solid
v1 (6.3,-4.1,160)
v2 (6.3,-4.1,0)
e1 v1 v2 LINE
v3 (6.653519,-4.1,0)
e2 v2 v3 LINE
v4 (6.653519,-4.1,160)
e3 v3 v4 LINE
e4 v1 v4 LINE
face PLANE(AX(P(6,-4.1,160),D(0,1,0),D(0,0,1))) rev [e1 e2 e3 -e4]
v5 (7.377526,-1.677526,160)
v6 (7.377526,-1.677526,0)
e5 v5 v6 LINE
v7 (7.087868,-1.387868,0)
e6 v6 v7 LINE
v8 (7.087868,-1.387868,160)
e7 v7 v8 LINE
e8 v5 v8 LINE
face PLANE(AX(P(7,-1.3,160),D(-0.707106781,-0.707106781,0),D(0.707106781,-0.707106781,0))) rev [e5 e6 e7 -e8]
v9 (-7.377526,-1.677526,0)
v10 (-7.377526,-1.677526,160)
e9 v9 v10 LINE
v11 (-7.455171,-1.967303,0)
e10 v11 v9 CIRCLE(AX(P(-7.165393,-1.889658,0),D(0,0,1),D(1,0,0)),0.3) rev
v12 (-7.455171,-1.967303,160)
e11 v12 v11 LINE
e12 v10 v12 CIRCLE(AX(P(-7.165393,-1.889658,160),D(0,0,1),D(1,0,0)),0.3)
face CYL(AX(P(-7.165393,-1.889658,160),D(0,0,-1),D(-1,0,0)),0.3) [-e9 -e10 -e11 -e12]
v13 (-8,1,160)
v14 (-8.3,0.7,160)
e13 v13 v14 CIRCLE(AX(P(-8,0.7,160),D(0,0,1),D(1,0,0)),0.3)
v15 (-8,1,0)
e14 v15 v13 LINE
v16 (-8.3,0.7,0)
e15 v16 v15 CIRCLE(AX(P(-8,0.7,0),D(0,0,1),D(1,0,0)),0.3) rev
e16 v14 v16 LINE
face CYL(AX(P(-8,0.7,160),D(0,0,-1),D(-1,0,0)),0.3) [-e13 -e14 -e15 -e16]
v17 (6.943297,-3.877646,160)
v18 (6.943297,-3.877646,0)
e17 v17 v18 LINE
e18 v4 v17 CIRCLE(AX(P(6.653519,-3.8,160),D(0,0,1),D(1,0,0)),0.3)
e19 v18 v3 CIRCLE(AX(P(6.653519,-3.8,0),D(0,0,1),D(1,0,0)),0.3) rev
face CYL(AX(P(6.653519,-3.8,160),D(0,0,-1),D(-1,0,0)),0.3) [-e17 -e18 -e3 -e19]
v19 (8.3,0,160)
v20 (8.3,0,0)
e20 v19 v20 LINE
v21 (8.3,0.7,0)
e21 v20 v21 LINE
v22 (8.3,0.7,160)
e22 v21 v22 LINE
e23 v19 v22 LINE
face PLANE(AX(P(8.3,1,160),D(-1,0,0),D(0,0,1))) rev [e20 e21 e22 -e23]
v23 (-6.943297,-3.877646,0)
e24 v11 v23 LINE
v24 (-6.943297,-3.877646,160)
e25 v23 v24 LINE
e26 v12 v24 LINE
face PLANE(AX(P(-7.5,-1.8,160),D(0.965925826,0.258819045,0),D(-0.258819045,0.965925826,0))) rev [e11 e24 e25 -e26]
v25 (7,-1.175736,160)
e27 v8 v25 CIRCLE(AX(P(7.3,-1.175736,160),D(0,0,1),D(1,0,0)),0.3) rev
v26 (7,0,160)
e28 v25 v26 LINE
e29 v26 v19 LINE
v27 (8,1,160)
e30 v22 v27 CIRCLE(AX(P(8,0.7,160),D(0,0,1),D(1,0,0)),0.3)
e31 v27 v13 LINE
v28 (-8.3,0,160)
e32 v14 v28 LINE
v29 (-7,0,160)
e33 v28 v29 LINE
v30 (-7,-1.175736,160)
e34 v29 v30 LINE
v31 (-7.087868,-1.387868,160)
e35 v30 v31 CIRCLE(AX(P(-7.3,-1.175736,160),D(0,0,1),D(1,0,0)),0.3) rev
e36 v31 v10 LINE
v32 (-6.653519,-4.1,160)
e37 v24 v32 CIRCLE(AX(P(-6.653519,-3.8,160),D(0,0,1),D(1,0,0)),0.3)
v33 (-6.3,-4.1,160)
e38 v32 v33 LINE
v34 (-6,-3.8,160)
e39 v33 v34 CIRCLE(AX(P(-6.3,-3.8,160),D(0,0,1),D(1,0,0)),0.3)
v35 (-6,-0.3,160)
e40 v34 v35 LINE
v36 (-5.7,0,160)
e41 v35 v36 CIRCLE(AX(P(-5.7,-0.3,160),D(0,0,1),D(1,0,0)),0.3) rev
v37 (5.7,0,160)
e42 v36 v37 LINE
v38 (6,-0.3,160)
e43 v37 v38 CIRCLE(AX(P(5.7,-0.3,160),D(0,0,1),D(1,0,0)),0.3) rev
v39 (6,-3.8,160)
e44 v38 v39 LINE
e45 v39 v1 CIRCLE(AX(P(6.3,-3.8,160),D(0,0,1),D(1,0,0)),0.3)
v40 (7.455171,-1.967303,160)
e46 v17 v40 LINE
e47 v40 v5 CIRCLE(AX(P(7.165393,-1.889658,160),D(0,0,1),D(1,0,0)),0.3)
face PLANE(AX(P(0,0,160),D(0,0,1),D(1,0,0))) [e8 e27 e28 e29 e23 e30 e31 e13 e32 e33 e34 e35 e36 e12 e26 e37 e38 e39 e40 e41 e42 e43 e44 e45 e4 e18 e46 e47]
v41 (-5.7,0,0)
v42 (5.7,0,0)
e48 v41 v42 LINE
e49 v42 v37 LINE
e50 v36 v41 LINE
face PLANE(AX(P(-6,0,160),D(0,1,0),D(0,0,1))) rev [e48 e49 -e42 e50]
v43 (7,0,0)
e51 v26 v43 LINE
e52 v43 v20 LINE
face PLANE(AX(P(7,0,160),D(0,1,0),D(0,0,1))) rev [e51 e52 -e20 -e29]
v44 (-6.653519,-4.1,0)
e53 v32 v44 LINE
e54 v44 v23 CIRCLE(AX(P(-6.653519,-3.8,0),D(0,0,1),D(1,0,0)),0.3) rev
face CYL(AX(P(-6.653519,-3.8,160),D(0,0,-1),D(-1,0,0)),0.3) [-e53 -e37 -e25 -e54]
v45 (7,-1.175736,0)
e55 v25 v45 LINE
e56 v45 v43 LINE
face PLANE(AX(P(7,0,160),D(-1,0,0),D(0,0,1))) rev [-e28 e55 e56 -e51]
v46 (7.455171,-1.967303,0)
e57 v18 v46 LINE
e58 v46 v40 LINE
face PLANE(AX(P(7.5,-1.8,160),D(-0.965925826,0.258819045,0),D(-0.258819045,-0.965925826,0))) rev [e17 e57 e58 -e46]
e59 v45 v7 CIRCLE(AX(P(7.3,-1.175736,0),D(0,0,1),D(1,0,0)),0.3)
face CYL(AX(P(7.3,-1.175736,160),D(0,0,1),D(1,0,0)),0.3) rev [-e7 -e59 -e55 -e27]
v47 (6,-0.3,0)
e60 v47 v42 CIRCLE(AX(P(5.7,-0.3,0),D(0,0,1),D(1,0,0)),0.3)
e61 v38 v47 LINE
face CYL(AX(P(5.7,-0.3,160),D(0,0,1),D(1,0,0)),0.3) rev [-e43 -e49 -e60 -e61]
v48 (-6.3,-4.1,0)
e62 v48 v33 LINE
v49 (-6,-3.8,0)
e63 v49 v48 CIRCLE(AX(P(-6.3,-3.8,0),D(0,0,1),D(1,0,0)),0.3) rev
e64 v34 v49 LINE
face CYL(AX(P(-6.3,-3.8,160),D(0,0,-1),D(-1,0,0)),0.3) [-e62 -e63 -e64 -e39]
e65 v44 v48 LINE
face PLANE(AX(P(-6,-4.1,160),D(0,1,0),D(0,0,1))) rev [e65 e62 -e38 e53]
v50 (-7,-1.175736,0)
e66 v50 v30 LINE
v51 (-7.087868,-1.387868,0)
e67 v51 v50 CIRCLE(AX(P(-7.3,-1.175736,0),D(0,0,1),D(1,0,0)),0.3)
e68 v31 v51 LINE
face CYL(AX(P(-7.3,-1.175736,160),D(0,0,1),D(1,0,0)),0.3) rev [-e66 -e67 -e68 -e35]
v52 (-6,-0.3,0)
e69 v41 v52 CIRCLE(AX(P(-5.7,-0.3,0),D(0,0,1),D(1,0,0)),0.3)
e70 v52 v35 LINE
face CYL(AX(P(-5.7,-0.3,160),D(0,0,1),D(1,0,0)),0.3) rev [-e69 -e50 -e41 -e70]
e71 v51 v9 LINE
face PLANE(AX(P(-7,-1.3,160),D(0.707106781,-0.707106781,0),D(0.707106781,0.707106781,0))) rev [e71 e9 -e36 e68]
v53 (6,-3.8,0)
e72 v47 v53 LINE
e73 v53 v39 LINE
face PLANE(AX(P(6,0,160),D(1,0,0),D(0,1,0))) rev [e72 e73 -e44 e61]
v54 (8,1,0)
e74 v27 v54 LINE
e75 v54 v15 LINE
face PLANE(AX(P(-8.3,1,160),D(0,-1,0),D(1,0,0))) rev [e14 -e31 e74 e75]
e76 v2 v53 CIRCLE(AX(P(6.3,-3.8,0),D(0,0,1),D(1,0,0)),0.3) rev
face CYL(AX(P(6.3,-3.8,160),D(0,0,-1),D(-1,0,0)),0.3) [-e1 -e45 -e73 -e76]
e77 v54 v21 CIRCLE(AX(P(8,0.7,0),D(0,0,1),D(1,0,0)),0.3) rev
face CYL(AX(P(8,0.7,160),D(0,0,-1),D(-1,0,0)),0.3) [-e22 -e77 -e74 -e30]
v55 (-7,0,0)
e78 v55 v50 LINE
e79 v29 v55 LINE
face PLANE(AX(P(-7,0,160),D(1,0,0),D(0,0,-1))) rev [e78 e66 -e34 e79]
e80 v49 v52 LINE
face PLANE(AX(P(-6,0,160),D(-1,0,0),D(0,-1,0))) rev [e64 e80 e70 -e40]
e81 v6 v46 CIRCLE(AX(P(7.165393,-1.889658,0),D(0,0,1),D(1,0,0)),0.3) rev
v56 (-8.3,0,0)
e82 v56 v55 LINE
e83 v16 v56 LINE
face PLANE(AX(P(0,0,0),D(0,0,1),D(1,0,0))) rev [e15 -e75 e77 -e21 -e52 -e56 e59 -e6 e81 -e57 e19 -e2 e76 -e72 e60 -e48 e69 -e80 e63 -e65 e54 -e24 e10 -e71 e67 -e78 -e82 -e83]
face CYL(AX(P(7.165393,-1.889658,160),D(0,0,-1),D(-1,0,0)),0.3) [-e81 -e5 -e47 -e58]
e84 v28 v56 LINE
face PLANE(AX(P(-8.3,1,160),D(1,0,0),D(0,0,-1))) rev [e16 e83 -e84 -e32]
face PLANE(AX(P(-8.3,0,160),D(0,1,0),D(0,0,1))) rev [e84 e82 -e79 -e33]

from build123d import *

# Parameters (mm, degrees)
BOSS_EXTRUDE1_DEPTH = 160
FILLET1_R           = 0.3


with BuildPart() as part:
    # Sketch1 → Boss-Extrude1 (new body)
    with BuildSketch(Plane.XY):
        Polygon((-8.3, 1), (8.3, 1), (8.3, 0), (7, 0), (7, -1.3), (7.5, -1.8), (6.883716857, -4.1), (6, -4.1), (6, 0), (-6, 0), (-6, -4.1), (-6.883716857, -4.1), (-7.5, -1.8), (-7, -1.3), (-7, 0), (-8.3, 0), align=None)
    extrude(amount=BOSS_EXTRUDE1_DEPTH)

    # Fillet1
    fillet1_edges = [part.edges().sort_by_distance(p)[0] for p in [
        (-8.3, 1, 80),
        (8.3, 1, 80),
        (7, -1.3, 80),
        (7.5, -1.8, 80),
        (6.883716857, -4.1, 80),
        (6, -4.1, 80),
        (6, 0, 80),
        (-6, 0, 80),
        (-6, -4.1, 80),
        (-6.883716857, -4.1, 80),
        (-7.5, -1.8, 80),
        (-7, -1.3, 80),
    ]]
    fillet(fillet1_edges, radius=FILLET1_R)


solid = part.part
